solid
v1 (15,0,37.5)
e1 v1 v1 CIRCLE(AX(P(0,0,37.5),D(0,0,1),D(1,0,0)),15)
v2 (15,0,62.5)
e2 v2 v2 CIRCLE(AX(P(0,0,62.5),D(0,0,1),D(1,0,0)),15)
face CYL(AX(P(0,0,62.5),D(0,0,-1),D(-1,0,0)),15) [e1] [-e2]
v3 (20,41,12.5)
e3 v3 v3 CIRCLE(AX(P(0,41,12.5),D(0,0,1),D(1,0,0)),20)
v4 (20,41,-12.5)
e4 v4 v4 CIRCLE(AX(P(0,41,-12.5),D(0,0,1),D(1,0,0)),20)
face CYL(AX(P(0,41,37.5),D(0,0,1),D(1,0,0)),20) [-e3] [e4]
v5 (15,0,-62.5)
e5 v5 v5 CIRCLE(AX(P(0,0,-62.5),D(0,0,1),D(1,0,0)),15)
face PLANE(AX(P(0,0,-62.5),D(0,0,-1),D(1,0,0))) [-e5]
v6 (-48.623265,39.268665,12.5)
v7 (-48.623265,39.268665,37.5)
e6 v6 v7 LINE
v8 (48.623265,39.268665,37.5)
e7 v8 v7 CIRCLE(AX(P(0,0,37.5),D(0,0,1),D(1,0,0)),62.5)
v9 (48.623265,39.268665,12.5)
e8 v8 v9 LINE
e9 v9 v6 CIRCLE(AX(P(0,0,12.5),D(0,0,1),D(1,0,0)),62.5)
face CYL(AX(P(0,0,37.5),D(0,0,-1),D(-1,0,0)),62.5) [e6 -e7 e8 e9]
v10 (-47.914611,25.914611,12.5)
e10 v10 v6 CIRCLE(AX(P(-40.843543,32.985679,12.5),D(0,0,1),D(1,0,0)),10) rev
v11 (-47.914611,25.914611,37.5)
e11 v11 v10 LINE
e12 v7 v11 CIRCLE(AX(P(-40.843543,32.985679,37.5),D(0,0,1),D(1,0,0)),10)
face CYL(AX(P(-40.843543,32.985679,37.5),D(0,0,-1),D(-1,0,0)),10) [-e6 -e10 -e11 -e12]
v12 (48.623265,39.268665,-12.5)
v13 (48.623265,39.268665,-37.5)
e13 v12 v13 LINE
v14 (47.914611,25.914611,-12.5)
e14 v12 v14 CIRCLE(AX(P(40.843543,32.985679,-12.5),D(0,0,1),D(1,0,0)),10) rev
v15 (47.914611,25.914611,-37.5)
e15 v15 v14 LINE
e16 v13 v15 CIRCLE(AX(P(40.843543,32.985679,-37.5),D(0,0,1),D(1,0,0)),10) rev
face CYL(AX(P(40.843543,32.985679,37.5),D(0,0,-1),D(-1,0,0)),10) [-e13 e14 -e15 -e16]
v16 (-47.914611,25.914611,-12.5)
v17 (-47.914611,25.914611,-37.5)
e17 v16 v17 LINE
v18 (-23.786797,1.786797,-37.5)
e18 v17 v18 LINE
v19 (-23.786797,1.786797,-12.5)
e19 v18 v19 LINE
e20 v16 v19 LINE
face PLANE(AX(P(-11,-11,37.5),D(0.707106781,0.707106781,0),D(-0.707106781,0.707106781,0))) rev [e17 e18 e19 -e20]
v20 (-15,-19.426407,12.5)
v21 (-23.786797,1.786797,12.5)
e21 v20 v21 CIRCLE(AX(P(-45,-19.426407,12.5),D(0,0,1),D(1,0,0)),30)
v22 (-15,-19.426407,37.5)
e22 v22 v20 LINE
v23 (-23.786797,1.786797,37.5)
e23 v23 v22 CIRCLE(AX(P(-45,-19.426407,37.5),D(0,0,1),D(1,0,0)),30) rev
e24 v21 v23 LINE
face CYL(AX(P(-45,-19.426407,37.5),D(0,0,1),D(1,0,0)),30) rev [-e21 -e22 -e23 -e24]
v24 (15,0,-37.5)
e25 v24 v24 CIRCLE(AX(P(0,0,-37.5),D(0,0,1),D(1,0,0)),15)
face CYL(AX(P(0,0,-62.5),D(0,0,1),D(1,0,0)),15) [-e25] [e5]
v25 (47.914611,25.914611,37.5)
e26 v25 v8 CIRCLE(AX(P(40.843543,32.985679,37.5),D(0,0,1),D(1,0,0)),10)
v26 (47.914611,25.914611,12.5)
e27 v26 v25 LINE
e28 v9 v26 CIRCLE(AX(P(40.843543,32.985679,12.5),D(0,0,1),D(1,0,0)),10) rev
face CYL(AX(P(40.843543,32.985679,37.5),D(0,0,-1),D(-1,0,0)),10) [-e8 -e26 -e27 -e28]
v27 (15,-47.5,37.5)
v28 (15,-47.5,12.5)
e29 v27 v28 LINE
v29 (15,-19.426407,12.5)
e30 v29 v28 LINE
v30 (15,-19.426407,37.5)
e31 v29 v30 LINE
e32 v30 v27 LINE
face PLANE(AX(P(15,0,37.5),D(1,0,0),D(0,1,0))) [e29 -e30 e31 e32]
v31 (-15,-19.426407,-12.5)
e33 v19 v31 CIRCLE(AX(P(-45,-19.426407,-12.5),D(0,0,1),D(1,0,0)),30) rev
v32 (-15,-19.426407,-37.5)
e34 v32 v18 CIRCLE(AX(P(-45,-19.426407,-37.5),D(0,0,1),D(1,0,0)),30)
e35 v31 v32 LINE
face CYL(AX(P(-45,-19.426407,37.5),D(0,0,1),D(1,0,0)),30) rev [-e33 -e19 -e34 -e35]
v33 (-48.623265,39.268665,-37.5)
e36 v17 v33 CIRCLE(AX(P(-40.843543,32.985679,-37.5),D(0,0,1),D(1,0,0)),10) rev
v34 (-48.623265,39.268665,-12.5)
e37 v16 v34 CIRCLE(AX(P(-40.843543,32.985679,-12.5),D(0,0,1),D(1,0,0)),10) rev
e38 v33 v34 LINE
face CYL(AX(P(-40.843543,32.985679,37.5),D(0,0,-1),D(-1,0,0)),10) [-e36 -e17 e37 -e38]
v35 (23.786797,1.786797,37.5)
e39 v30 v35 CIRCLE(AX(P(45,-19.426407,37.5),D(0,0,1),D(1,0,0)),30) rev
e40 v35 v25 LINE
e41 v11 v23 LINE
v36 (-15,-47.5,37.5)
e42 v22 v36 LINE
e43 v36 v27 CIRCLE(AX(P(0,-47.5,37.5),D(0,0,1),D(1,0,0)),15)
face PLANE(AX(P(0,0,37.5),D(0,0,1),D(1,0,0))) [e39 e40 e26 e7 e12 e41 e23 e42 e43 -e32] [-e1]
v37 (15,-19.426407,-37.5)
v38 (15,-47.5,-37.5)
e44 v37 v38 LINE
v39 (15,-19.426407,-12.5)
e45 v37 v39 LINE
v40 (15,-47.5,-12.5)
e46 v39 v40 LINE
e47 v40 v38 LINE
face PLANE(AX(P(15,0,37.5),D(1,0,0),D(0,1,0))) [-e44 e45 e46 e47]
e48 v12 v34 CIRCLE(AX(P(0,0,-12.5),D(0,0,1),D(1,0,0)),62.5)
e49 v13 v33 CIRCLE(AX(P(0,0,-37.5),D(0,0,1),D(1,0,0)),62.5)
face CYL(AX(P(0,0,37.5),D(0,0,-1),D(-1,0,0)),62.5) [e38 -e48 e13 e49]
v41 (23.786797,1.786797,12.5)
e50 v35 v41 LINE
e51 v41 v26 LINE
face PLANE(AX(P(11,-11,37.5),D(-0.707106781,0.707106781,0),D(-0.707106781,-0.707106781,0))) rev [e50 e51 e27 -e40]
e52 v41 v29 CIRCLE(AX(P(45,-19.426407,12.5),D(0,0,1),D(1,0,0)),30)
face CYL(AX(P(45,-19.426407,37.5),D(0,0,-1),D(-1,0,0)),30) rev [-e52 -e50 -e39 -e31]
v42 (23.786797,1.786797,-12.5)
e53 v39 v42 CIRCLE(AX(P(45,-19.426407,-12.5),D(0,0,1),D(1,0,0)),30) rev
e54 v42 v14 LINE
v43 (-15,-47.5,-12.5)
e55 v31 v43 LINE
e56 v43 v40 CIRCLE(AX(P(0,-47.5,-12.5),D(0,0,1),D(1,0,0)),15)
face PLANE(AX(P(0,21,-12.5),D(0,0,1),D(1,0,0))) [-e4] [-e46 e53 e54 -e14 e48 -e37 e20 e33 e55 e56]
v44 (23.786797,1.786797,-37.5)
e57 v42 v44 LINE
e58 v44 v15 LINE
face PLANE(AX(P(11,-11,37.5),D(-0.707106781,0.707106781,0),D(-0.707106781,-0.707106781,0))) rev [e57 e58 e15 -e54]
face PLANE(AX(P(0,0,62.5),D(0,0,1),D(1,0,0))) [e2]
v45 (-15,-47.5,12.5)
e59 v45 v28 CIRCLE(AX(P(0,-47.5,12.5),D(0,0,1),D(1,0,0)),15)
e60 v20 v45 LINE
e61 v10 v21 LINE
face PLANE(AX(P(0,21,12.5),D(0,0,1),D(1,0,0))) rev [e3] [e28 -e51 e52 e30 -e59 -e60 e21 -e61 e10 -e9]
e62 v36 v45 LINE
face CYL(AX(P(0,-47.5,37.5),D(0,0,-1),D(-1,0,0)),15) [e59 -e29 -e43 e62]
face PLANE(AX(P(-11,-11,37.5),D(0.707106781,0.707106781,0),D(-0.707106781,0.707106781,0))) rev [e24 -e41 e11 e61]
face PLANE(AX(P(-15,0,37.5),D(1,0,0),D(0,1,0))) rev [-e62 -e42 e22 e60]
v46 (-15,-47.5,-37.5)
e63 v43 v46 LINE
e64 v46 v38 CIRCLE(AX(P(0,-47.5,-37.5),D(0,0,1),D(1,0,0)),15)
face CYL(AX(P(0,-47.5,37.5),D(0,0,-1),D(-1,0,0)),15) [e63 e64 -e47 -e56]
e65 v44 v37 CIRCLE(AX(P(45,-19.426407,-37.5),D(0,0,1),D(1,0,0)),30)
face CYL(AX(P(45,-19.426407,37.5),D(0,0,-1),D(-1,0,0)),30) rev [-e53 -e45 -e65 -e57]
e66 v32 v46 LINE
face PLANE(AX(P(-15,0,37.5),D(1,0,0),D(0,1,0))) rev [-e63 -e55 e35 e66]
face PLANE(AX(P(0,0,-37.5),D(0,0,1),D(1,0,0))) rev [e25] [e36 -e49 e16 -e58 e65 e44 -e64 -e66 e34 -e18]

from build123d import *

# Parameters (mm, degrees)
BOSS_EXTRUDE1_DEPTH = 37.5
FILLET1_R           = 10
SKETCH4_W           = 25
SKETCH4_H           = 105.707635496
FILLET2_R           = 30
SKETCH5_R           = 15
BOSS_EXTRUDE2_DEPTH = 25


with BuildPart() as part:
    # Sketch2 → Boss-Extrude1 (new body, symmetric)
    with BuildSketch(Plane.XY):
        with BuildLine():
            Line((15, -47.5), (15, -7))
            Line((15, -7), (53.80332931, 31.80332931))
            ThreePointArc((53.80332931, 31.80332931), (0, 62.5), (-53.80332931, 31.80332931))
            Line((-53.80332931, 31.80332931), (-15, -7))
            Line((-15, -7), (-15, -47.5))
            ThreePointArc((-15, -47.5), (0, -62.5), (15, -47.5))
        make_face()
    extrude(amount=BOSS_EXTRUDE1_DEPTH, both=True)

    # Fillet1
    fillet1_edges = [part.edges().sort_by_distance(p)[0] for p in [
        (-53.80332931, 31.80332931, 0),
        (53.80332931, 31.80332931, 0),
    ]]
    fillet(fillet1_edges, radius=FILLET1_R)

    # Sketch4 → Cut-Revolve1 (revolve, cut)
    with BuildSketch(Plane(origin=(0, 0, 0), x_dir=(0, 0, -1), z_dir=(1, 0, 0)), mode=Mode.PRIVATE) as cut_revolve1_sk:
        with Locations((0, -31.853817748)):
            Rectangle(SKETCH4_W, SKETCH4_H)
    revolve(cut_revolve1_sk.sketch.rotate(Axis((0, 41, 37.5), (0, 0, -1)), 270), axis=Axis((0, 41, 37.5), (0, 0, -1)), mode=Mode.SUBTRACT)  # turned: the seam where the file's is

    # Fillet2
    fillet2_edges = [part.edges().sort_by_distance(p)[0] for p in [
        (15, -7, 25),
        (-15, -7, 25),
        (15, -7, -25),
        (-15, -7, -25),
    ]]
    fillet(fillet2_edges, radius=FILLET2_R)

    # Sketch5 → Boss-Extrude2 (add)
    with BuildSketch(Plane.XY.offset(37.5)):
        Circle(SKETCH5_R)
    boss_extrude2 = extrude(amount=BOSS_EXTRUDE2_DEPTH)

    # Mirror1: Boss-Extrude2 across plane
    add(boss_extrude2.mirror(Plane.XY))


solid = part.part
